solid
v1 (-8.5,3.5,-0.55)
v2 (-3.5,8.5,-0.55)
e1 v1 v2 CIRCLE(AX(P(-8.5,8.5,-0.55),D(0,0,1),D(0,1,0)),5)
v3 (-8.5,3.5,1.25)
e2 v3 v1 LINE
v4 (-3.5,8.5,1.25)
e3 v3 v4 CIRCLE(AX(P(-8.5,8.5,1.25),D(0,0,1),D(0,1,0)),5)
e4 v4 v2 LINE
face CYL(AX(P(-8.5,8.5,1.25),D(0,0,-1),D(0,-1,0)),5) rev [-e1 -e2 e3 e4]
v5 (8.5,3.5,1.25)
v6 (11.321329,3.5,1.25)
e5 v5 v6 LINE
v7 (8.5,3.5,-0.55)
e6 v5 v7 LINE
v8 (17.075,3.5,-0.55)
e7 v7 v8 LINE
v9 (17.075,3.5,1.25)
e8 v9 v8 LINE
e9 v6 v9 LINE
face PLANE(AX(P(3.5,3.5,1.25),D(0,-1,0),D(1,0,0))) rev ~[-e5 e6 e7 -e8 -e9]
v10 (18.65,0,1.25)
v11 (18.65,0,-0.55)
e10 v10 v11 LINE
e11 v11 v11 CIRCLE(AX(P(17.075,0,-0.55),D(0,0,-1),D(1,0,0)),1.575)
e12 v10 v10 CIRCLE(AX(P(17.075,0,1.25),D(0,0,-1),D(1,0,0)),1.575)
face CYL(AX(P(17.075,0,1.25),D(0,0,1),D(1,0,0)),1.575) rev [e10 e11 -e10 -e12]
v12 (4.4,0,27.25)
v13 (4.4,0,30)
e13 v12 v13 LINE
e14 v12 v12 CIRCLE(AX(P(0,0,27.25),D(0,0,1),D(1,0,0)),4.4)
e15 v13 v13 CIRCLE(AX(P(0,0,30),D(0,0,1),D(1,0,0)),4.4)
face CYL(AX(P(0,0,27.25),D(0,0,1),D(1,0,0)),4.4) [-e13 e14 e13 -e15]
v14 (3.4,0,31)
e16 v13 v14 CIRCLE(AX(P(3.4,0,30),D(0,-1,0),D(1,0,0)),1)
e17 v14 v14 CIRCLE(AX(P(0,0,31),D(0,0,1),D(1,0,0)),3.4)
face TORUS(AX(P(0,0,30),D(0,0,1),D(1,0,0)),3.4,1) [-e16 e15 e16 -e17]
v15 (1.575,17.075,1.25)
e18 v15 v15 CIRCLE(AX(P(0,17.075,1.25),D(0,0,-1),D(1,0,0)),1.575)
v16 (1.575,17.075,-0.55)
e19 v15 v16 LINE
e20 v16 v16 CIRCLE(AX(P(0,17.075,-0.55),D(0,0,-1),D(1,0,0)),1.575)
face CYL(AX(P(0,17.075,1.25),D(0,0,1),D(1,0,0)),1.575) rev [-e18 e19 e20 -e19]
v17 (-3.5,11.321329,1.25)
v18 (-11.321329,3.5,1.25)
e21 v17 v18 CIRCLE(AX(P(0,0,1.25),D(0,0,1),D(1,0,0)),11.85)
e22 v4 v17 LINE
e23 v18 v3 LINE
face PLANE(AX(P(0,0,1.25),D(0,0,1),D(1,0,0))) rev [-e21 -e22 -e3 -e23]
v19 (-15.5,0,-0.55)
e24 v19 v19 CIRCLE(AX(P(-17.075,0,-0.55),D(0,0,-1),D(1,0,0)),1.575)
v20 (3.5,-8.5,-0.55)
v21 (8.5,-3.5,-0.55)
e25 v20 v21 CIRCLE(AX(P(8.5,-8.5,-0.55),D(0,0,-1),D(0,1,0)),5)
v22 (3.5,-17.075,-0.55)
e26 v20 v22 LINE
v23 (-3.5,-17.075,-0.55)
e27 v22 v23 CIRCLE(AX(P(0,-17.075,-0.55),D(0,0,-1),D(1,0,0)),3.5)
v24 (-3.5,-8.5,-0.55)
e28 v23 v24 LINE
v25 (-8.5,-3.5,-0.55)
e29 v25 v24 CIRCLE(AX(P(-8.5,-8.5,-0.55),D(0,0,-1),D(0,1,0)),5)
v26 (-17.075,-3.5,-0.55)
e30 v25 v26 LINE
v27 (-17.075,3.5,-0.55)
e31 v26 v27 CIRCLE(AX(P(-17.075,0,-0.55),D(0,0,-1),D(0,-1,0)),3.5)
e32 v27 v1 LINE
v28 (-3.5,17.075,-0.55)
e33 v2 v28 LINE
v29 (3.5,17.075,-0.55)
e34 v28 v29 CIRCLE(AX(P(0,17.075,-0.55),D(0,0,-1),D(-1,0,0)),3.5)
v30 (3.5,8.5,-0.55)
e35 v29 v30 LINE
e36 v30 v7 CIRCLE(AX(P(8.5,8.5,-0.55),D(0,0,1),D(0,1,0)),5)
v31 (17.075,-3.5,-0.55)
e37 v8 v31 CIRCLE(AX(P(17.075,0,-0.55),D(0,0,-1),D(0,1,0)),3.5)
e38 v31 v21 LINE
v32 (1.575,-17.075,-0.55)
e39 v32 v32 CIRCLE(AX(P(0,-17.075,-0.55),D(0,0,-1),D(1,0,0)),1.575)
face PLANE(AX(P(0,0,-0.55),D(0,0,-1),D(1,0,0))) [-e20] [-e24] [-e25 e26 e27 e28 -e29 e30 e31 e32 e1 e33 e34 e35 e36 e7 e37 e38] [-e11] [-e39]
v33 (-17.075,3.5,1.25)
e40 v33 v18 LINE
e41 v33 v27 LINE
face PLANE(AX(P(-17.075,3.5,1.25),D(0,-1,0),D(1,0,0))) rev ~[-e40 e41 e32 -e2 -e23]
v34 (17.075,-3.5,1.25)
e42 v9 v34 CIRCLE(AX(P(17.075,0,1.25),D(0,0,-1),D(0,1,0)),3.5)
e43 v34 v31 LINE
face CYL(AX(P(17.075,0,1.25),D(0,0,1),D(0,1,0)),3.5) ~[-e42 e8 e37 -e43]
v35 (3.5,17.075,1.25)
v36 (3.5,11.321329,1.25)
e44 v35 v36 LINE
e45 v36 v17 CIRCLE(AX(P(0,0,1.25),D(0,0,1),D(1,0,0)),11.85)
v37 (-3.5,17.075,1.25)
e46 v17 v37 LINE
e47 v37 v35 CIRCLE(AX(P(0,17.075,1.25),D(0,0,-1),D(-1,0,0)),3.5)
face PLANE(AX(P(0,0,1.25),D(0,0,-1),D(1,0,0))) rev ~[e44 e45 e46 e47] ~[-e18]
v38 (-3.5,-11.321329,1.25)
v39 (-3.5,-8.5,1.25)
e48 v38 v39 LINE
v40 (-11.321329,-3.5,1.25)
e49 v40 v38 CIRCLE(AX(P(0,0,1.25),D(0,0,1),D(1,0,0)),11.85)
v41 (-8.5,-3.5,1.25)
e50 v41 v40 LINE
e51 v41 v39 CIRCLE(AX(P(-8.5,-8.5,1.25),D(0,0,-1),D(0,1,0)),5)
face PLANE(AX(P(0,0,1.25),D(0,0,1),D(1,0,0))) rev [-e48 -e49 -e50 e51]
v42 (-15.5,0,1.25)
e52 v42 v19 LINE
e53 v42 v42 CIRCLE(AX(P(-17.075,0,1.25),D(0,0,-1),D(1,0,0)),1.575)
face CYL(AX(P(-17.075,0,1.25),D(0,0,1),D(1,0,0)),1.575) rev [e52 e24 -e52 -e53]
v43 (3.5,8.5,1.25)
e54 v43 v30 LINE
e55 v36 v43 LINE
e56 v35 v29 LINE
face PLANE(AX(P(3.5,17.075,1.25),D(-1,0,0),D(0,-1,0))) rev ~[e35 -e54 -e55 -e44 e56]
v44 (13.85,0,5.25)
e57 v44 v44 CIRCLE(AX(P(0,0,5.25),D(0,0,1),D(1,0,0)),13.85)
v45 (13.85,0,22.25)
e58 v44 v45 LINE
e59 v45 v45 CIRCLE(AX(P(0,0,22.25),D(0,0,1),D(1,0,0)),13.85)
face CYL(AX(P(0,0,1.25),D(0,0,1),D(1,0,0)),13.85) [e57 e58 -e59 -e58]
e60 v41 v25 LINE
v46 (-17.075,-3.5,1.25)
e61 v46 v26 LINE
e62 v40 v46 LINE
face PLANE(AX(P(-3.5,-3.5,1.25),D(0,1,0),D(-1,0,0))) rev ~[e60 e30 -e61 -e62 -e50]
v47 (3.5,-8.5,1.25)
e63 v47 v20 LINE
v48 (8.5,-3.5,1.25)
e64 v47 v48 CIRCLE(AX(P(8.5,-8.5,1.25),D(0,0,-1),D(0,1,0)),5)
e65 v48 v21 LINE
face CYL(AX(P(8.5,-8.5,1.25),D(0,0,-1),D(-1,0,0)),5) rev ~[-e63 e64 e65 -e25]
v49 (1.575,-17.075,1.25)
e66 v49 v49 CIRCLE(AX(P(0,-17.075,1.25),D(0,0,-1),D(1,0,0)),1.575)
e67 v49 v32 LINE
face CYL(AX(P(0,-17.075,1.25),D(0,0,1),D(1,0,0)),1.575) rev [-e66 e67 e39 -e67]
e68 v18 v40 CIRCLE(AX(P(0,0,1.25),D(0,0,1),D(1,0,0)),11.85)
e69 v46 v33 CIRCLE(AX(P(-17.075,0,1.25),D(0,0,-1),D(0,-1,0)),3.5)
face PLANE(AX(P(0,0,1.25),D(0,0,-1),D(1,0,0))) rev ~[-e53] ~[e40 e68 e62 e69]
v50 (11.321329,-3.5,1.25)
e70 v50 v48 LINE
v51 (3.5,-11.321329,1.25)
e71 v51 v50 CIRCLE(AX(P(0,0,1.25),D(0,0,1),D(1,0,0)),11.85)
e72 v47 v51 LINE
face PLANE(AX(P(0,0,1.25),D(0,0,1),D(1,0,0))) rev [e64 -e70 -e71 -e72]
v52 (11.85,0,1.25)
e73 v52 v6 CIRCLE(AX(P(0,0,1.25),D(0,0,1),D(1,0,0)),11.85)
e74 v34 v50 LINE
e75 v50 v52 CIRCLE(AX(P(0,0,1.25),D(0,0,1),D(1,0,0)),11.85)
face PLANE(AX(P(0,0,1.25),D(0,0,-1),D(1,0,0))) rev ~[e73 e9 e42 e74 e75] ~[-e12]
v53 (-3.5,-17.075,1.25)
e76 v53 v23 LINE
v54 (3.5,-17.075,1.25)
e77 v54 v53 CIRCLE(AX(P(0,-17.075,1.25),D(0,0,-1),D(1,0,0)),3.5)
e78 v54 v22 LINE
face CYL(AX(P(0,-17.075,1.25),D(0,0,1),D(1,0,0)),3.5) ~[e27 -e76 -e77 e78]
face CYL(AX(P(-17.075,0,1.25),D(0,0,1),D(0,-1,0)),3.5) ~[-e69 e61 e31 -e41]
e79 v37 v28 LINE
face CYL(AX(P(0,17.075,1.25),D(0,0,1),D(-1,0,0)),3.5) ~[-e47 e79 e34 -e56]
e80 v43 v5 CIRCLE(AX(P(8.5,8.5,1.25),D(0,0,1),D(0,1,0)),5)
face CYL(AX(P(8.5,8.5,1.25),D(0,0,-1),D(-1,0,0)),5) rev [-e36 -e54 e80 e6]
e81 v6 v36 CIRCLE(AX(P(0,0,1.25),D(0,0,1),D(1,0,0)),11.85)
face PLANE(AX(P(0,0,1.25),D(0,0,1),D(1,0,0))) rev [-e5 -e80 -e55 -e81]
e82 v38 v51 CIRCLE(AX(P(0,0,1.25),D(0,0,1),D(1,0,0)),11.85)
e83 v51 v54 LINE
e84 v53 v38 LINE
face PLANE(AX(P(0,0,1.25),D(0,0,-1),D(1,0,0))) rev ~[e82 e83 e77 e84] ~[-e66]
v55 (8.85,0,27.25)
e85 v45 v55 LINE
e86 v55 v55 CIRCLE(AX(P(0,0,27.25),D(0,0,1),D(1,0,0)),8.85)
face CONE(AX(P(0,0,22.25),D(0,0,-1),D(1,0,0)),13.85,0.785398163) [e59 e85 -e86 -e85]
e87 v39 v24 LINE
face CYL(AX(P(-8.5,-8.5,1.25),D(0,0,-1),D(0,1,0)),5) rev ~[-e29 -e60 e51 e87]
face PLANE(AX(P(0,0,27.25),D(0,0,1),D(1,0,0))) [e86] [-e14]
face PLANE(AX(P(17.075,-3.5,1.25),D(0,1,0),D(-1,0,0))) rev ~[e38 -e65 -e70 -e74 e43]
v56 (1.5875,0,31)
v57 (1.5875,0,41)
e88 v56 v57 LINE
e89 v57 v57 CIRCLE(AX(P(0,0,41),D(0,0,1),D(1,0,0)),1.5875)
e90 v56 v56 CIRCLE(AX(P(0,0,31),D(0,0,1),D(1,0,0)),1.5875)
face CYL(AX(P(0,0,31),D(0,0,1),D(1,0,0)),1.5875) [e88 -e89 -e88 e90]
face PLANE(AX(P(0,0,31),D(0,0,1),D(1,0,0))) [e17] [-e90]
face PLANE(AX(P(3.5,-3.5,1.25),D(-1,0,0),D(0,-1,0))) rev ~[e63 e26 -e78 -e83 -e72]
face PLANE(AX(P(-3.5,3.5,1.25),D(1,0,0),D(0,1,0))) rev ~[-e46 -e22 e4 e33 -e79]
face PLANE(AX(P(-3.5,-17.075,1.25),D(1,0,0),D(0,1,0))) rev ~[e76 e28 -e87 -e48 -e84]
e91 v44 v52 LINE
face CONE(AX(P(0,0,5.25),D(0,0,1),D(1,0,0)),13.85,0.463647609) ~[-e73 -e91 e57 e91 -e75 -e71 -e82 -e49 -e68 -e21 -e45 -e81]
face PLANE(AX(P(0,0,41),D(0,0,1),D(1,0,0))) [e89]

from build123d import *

# Parameters (mm, degrees)
F2_SIZE  = 5
F3_SIZE2 = 2
F3_SIZE  = 4
F4_R     = 1
F5_R     = 1.575
F6_DEPTH = 1.8
F7_R     = 5


with BuildPart() as f1:
    # F0 (on Front) → F1 (revolve)
    with BuildSketch(Plane.XZ):
        Polygon((0, 41), (0, 0), (2.2364340257, 0), (2.2364340257, 1.25), (13.85, 1.25), (13.85, 27.25), (4.4, 27.25), (4.4, 31), (1.5875, 31), (1.5875, 41), align=None)
    revolve(axis=Axis((0, 0, 53.8787767291), (0, 0, 1)))

    # F2
    f2_edges = [f1.edges().sort_by_distance(p)[0] for p in [
        (-13.85, 0, 27.25),
    ]]
    chamfer(f2_edges, length=F2_SIZE)

    # F3
    f3_edges = [f1.edges().sort_by_distance(p)[0] for p in [
        (-13.85, 0, 1.25),
    ]]
    f3_side = f1.faces().sort_by_distance((-13.85, 0, 11.75))[0]
    chamfer(f3_edges, length=F3_SIZE, length2=F3_SIZE2, reference=f3_side)

    # F4
    f4_edges = [f1.edges().sort_by_distance(p)[0] for p in [
        (-4.4, 0, 31),
    ]]
    fillet(f4_edges, radius=F4_R)

    # F5 (on face) → F6 (join)
    with BuildSketch(Plane(origin=(0, 0, 1.25), x_dir=(1, 0, 0), z_dir=(0, 0, -1))):
        with BuildLine():
            Line((-3.5, 3.5), (-17.075, 3.5))
            ThreePointArc((-17.075, 3.5), (-20.575, 0), (-17.075, -3.5))
            Line((-17.075, -3.5), (-3.5, -3.5))
            Line((-3.5, -3.5), (-3.5, -17.075))
            ThreePointArc((-3.5, -17.075), (0, -20.575), (3.5, -17.075))
            Line((3.5, -17.075), (3.5, -3.5))
            Line((3.5, -3.5), (17.075, -3.5))
            ThreePointArc((17.075, -3.5), (20.575, 0), (17.075, 3.5))
            Line((17.075, 3.5), (3.5, 3.5))
            Line((3.5, 3.5), (3.5, 17.075))
            ThreePointArc((3.5, 17.075), (0, 20.575), (-3.5, 17.075))
            Line((-3.5, 17.075), (-3.5, 3.5))
        make_face()
        with Locations((0, -17.075)):
            Circle(F5_R, mode=Mode.SUBTRACT)
        with Locations((-17.075, 0)):
            Circle(F5_R, mode=Mode.SUBTRACT)
        with Locations((17.075, 0)):
            Circle(F5_R, mode=Mode.SUBTRACT)
        with Locations((0, 17.075)):
            Circle(F5_R, mode=Mode.SUBTRACT)
    extrude(amount=F6_DEPTH)

    # F7
    f7_edges = [f1.edges().sort_by_distance(p)[0] for p in [
        (-3.5, -3.5, 0.35),
        (-3.5, 3.5, 0.35),
        (3.5, 3.5, 0.35),
        (3.5, -3.5, 0.35),
    ]]
    fillet(f7_edges, radius=F7_R)


solid = f1.part
